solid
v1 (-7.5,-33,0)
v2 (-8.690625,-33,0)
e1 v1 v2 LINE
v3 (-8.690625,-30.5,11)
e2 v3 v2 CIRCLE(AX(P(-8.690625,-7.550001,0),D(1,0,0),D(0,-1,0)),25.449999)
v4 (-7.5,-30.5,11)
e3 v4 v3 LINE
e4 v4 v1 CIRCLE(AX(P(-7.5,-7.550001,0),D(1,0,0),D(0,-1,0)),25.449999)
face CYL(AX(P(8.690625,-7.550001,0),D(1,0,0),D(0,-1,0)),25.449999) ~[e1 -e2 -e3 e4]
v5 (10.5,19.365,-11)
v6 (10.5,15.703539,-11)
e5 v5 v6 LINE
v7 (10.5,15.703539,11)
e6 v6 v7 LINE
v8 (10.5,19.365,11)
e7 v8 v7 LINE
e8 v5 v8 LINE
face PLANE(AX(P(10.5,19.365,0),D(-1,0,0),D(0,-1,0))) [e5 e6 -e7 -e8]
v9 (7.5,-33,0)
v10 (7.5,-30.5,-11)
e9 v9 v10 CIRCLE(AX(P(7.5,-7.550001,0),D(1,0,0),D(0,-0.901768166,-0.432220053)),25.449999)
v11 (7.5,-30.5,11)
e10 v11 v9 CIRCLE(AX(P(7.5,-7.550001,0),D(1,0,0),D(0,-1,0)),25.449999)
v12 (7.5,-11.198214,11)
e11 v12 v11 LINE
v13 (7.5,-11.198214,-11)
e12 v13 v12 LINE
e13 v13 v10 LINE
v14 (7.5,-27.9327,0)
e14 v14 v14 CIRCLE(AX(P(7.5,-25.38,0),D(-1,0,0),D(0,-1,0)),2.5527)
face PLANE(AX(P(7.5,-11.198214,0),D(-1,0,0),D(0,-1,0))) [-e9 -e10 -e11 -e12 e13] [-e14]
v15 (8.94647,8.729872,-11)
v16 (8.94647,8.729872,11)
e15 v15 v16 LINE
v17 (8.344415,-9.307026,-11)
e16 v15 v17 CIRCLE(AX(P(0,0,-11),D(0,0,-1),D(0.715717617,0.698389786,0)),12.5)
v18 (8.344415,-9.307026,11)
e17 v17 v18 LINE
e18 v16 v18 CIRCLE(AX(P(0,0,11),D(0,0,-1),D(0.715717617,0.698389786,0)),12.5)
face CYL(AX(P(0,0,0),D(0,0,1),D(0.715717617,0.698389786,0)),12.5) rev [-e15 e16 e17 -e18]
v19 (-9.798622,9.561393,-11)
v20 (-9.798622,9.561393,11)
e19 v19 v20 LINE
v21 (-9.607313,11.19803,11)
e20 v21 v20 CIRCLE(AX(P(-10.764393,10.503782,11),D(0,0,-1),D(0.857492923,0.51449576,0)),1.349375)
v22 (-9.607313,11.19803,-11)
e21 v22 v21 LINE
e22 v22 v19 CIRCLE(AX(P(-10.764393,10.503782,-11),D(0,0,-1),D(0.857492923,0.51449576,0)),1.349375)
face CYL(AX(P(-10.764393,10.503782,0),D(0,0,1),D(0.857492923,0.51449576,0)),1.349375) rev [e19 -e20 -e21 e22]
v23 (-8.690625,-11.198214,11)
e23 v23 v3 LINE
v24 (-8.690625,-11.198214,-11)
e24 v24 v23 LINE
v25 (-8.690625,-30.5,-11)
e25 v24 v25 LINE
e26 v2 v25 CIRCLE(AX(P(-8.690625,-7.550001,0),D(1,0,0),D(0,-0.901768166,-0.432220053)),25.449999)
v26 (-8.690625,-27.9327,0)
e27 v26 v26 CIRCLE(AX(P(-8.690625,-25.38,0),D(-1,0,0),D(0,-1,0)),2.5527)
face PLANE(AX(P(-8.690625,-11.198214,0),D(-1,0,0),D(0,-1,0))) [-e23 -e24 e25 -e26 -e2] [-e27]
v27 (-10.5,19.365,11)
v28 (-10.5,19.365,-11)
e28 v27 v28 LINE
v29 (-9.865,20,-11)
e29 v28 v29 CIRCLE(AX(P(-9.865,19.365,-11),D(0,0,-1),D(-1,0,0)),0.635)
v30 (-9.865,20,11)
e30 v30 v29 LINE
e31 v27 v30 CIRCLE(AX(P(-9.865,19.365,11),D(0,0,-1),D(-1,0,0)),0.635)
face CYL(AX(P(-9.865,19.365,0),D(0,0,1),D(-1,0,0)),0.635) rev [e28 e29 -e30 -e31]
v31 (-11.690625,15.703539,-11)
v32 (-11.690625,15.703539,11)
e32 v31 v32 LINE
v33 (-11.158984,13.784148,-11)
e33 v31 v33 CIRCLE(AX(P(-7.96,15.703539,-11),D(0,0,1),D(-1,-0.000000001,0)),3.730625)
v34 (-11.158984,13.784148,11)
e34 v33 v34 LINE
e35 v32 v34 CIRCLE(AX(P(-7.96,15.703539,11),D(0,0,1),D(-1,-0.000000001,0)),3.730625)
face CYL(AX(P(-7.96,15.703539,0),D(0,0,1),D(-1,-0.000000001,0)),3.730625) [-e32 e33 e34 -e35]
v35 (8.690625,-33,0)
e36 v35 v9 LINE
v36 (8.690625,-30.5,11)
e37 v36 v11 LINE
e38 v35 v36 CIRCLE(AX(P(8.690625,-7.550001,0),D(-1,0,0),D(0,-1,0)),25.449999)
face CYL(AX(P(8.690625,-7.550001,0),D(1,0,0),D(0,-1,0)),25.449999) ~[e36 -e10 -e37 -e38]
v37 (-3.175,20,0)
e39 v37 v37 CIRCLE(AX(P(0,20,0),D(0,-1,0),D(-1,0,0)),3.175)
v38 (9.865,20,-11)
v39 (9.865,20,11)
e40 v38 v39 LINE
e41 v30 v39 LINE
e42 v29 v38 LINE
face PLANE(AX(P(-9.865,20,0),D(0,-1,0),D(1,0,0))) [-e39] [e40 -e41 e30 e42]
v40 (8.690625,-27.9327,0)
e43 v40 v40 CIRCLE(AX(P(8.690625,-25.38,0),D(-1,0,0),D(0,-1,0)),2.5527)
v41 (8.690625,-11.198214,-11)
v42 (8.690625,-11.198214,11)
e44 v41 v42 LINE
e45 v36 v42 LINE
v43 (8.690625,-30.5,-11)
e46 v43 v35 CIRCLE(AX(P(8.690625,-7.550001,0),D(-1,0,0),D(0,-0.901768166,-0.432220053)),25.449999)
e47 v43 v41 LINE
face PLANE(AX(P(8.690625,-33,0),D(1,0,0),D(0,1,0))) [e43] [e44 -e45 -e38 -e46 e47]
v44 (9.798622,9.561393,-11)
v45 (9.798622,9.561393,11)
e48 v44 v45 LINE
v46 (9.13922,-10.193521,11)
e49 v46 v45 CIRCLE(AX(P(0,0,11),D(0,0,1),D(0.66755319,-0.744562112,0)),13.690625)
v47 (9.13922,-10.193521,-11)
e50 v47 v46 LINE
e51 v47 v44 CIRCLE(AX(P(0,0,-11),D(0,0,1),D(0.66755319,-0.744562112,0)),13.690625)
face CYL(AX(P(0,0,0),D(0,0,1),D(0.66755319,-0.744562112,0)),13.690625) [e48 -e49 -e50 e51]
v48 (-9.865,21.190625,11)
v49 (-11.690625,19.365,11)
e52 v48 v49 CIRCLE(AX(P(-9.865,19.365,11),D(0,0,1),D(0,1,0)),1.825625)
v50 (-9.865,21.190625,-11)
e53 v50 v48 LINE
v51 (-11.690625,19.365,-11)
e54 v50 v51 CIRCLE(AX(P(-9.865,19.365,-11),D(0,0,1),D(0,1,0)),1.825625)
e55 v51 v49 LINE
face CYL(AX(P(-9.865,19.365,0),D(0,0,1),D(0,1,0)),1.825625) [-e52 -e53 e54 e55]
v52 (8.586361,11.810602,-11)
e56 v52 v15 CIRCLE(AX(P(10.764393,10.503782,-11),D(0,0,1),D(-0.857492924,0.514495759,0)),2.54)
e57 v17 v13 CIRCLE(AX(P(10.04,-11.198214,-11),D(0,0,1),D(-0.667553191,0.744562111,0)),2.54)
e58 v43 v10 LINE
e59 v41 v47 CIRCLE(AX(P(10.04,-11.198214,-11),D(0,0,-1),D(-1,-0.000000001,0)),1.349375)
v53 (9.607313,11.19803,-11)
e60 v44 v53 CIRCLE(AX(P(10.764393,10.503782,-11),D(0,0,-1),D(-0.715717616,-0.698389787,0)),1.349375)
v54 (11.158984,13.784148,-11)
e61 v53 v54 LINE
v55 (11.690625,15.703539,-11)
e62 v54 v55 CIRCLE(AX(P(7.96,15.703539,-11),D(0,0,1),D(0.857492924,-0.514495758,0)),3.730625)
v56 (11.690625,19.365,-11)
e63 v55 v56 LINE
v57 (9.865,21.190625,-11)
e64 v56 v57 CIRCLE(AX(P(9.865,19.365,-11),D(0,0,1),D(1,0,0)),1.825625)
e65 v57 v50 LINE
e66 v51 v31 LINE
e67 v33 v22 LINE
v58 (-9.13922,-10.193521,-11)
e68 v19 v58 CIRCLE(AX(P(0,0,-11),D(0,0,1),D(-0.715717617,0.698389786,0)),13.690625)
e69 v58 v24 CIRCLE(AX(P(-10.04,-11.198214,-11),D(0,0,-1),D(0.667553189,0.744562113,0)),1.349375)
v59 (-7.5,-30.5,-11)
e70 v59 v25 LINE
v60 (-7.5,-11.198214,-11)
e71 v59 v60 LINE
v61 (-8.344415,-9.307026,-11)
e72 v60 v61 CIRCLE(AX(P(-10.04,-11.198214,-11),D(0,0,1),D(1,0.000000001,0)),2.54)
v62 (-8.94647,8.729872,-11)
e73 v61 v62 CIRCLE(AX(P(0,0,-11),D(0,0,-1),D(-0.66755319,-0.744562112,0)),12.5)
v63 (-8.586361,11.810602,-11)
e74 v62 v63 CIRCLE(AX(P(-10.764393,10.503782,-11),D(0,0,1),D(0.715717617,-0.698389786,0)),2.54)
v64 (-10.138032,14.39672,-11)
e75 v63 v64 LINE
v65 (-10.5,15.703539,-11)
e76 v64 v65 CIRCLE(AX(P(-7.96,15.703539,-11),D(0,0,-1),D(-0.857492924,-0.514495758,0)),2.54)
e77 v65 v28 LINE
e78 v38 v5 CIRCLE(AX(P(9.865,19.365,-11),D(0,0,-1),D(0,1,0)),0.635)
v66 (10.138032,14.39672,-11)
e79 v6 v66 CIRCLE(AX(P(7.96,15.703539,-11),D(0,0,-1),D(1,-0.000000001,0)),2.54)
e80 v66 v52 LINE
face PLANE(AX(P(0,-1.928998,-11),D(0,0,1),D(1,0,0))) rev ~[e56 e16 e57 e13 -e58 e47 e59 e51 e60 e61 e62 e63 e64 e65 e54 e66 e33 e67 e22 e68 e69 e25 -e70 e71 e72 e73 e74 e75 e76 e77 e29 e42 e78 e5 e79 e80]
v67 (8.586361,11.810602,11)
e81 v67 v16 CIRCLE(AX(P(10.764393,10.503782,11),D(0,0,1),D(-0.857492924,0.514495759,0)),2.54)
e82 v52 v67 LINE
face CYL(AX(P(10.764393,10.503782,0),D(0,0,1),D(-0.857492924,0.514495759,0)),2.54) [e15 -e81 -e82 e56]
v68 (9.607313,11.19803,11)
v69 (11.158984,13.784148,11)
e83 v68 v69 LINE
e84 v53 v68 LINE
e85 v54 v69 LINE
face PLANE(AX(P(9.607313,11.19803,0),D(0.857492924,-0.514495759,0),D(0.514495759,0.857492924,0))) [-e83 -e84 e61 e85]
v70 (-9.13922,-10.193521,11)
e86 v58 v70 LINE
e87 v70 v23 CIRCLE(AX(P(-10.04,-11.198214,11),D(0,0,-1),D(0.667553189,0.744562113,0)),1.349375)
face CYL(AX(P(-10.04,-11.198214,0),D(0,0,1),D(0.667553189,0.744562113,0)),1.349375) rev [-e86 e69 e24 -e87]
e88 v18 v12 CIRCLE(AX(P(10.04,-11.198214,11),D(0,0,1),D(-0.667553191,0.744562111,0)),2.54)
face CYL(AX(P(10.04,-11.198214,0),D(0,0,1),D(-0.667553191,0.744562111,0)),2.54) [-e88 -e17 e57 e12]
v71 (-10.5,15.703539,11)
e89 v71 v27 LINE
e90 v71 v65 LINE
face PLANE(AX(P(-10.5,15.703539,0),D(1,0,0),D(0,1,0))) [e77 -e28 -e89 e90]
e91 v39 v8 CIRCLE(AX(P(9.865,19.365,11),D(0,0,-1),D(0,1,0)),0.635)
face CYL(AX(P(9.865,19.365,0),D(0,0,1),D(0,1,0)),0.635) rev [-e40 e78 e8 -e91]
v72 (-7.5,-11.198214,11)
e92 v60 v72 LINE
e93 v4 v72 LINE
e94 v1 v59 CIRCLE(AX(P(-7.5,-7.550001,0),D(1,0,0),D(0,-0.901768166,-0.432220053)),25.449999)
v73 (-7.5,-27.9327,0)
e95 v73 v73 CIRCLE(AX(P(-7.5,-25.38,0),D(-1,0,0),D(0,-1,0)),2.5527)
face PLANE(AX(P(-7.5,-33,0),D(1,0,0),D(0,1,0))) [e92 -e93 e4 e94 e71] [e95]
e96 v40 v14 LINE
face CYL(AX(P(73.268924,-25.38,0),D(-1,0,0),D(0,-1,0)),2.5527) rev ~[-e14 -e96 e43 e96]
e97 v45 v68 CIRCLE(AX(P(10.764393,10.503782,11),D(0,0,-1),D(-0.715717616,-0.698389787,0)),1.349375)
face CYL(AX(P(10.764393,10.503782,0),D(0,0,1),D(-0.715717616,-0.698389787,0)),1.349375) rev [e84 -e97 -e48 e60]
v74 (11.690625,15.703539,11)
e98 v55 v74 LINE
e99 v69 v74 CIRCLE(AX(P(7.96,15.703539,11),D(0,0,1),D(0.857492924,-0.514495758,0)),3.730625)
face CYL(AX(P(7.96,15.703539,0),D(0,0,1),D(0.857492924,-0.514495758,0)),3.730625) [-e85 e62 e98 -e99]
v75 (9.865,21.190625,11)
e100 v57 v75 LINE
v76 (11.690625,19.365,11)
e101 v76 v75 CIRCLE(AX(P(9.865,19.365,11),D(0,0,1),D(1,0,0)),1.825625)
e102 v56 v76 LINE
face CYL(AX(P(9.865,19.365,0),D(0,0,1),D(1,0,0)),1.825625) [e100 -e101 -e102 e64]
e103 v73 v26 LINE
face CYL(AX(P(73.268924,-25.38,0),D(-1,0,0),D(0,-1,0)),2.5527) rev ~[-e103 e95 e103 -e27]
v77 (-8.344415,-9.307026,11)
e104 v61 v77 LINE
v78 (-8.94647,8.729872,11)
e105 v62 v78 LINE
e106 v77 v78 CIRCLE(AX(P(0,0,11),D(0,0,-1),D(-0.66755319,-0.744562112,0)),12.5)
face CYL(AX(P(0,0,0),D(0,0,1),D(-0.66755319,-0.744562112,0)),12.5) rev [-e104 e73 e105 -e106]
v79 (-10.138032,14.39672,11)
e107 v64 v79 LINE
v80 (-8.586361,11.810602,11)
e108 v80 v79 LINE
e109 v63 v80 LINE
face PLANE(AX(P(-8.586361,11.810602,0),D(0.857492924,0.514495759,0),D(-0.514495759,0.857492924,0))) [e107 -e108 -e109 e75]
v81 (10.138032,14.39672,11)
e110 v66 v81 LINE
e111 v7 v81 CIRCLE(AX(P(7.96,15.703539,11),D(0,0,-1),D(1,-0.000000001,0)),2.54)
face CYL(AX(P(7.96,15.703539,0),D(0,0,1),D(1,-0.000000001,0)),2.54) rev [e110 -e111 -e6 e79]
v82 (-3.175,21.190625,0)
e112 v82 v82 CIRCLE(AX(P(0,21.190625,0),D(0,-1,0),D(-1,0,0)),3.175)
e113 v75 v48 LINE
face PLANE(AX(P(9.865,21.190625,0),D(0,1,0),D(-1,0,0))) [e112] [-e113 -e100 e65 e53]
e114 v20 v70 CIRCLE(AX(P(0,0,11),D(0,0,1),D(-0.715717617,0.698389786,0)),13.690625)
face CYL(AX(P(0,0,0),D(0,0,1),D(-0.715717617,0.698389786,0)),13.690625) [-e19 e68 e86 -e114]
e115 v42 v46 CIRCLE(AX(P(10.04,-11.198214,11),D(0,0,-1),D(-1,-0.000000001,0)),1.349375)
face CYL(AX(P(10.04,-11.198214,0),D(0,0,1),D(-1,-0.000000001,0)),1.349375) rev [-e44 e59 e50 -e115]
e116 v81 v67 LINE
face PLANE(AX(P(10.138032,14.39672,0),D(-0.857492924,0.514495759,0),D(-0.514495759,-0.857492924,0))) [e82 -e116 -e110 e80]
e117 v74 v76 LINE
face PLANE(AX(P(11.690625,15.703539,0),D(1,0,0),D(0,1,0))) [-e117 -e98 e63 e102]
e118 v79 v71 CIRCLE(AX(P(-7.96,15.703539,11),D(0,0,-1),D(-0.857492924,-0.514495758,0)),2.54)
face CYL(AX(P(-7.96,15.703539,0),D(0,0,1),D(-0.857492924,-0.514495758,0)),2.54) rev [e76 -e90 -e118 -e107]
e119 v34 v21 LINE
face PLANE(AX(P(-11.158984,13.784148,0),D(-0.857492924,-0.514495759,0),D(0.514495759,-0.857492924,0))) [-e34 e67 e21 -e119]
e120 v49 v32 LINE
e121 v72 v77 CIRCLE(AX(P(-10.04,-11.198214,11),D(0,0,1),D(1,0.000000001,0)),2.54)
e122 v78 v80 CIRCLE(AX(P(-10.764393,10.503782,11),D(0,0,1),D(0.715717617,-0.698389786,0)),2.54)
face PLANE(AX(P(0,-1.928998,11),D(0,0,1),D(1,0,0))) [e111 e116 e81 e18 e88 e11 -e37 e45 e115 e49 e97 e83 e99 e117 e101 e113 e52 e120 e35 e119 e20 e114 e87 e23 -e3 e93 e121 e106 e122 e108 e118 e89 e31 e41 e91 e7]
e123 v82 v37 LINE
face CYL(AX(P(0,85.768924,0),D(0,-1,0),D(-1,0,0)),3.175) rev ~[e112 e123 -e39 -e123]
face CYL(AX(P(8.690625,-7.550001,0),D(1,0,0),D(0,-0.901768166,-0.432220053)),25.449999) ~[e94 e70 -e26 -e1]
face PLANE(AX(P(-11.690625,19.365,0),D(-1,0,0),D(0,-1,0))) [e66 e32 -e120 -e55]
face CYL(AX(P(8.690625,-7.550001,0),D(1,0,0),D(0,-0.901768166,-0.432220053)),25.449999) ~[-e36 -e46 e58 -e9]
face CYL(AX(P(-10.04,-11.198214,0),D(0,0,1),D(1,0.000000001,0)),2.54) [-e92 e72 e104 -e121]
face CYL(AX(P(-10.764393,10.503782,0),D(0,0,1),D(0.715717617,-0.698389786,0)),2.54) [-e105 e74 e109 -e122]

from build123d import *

# Parameters (mm, degrees)
BOSS_EXTRUDE2_DEPTH         = 10.999999971
F_1_4_0_25_DIAMETER_HOLE1_D = 6.35
CUT_EXTRUDE1_DEPTH          = 42.363272981
F_1_4_20_TAPPED_HOLE1_D     = 5.1054


with BuildPart() as part:
    # Sketch2 → Boss-Extrude2 (new, symmetric)
    with BuildSketch(Plane.XY):
        with BuildLine():
            Line((-9.864999955, 19.999999846), (9.864999955, 19.999999846))
            ThreePointArc((9.864999955, 19.999999846), (10.314012761, 19.814012652), (10.499999955, 19.364999846))
            Line((10.499999955, 19.364999846), (10.499999955, 15.703539216))
            ThreePointArc((10.499999955, 15.703539216), (10.407835871, 15.025527914), (10.138031981, 14.396719989))
            Line((10.138031981, 14.396719989), (8.586360945, 11.810601618))
            ThreePointArc((8.586360945, 11.810601618), (8.241569778, 10.208887267), (8.946470225, 8.729872335))
            ThreePointArc((8.946470225, 8.729872335), (12.493042308, -0.417006435), (8.344414884, -9.307026416))
            ThreePointArc((8.344414884, -9.307026416), (7.720691236, -10.162643363), (7.499999986, -11.198214181))
            Line((7.499999986, -11.198214181), (7.499999986, -33.000000008))
            Line((7.499999986, -33.000000008), (8.690624986, -33.000000008))
            Line((8.690624986, -33.000000008), (8.690624986, -11.198214181))
            ThreePointArc((8.690624986, -11.198214181), (8.807867212, -10.648067184), (9.139220401, -10.193520681))
            ThreePointArc((9.139220401, -10.193520681), (13.683004586, -0.456726298), (9.798621513, 9.561392674))
            ThreePointArc((9.798621513, 9.561392674), (9.42414315, 10.347119357), (9.607313458, 11.198030105))
            Line((9.607313458, 11.198030105), (11.158984494, 13.784148477))
            ThreePointArc((11.158984494, 13.784148477), (11.555258957, 14.707710116), (11.690624955, 15.703539216))
            Line((11.690624955, 15.703539216), (11.690624955, 19.364999846))
            ThreePointArc((11.690624955, 19.364999846), (11.155911772, 20.655911664), (9.864999955, 21.190624846))
            Line((9.864999955, 21.190624846), (-9.864999955, 21.190624846))
            ThreePointArc((-9.864999955, 21.190624846), (-11.155911772, 20.655911664), (-11.690624955, 19.364999846))
            Line((-11.690624955, 19.364999846), (-11.690624955, 15.703539216))
            ThreePointArc((-11.690624955, 15.703539216), (-11.555258957, 14.707710116), (-11.158984494, 13.784148477))
            Line((-11.158984494, 13.784148477), (-9.607313458, 11.198030105))
            ThreePointArc((-9.607313458, 11.198030105), (-9.42414315, 10.347119357), (-9.798621513, 9.561392674))
            ThreePointArc((-9.798621513, 9.561392674), (-13.683004586, -0.456726298), (-9.139220401, -10.193520681))
            ThreePointArc((-9.139220401, -10.193520681), (-8.807867212, -10.648067184), (-8.690624986, -11.198214181))
            Line((-8.690624986, -11.198214181), (-8.690624986, -33.000000008))
            Line((-8.690624986, -33.000000008), (-7.499999986, -33.000000008))
            Line((-7.499999986, -33.000000008), (-7.499999986, -11.198214181))
            ThreePointArc((-7.499999986, -11.198214181), (-7.720691236, -10.162643363), (-8.344414884, -9.307026416))
            ThreePointArc((-8.344414884, -9.307026416), (-12.493042308, -0.417006435), (-8.946470225, 8.729872335))
            ThreePointArc((-8.946470225, 8.729872335), (-8.241569778, 10.208887267), (-8.586360945, 11.810601618))
            Line((-8.586360945, 11.810601618), (-10.138031981, 14.396719989))
            ThreePointArc((-10.138031981, 14.396719989), (-10.407835871, 15.025527914), (-10.499999955, 15.703539216))
            Line((-10.499999955, 15.703539216), (-10.499999955, 19.364999846))
            ThreePointArc((-10.499999955, 19.364999846), (-10.314012761, 19.814012652), (-9.864999955, 19.999999846))
        make_face()
    extrude(amount=BOSS_EXTRUDE2_DEPTH, both=True)

    # 1/4 (0.25) Diameter Hole1 (through all)
    with Locations(Plane(origin=(0, 21.190624846, 0), x_dir=(1, 0, 0), z_dir=(0, 1, 0))):
        with Locations((0, 0)):
            Hole(F_1_4_0_25_DIAMETER_HOLE1_D / 2)

    # Sketch6 → Cut-Extrude1 (cut, through all)
    with BuildSketch(Plane(origin=(8.690624986, 0, 0), x_dir=(0, 0, -1), z_dir=(1, 0, 0))):
        with BuildLine():
            Line((-10.999999971, -33.000000008), (0, -33.000000008))
            ThreePointArc((0, -33.000000008), (-5.640257081, -32.367131167), (-10.999999971, -30.499999928))
            Line((-10.999999971, -30.499999928), (-10.999999971, -33.000000008))
        make_face()
        with BuildLine():
            Line((0, -33.000000008), (10.999999971, -33.000000008))
            Line((10.999999971, -33.000000008), (10.999999971, -30.499999928))
            ThreePointArc((10.999999971, -30.499999928), (5.640257081, -32.367131167), (0, -33.000000008))
        make_face()
    extrude(amount=-CUT_EXTRUDE1_DEPTH, mode=Mode.SUBTRACT)

    # 1/4-20 Tapped Hole1 (through all)
    with Locations(Plane(origin=(8.690624986, -25.380000008, 0), x_dir=(0, 1, 0), z_dir=(1, 0, 0))):
        with Locations((0, 0)):
            Hole(F_1_4_20_TAPPED_HOLE1_D / 2)


solid = part.part
